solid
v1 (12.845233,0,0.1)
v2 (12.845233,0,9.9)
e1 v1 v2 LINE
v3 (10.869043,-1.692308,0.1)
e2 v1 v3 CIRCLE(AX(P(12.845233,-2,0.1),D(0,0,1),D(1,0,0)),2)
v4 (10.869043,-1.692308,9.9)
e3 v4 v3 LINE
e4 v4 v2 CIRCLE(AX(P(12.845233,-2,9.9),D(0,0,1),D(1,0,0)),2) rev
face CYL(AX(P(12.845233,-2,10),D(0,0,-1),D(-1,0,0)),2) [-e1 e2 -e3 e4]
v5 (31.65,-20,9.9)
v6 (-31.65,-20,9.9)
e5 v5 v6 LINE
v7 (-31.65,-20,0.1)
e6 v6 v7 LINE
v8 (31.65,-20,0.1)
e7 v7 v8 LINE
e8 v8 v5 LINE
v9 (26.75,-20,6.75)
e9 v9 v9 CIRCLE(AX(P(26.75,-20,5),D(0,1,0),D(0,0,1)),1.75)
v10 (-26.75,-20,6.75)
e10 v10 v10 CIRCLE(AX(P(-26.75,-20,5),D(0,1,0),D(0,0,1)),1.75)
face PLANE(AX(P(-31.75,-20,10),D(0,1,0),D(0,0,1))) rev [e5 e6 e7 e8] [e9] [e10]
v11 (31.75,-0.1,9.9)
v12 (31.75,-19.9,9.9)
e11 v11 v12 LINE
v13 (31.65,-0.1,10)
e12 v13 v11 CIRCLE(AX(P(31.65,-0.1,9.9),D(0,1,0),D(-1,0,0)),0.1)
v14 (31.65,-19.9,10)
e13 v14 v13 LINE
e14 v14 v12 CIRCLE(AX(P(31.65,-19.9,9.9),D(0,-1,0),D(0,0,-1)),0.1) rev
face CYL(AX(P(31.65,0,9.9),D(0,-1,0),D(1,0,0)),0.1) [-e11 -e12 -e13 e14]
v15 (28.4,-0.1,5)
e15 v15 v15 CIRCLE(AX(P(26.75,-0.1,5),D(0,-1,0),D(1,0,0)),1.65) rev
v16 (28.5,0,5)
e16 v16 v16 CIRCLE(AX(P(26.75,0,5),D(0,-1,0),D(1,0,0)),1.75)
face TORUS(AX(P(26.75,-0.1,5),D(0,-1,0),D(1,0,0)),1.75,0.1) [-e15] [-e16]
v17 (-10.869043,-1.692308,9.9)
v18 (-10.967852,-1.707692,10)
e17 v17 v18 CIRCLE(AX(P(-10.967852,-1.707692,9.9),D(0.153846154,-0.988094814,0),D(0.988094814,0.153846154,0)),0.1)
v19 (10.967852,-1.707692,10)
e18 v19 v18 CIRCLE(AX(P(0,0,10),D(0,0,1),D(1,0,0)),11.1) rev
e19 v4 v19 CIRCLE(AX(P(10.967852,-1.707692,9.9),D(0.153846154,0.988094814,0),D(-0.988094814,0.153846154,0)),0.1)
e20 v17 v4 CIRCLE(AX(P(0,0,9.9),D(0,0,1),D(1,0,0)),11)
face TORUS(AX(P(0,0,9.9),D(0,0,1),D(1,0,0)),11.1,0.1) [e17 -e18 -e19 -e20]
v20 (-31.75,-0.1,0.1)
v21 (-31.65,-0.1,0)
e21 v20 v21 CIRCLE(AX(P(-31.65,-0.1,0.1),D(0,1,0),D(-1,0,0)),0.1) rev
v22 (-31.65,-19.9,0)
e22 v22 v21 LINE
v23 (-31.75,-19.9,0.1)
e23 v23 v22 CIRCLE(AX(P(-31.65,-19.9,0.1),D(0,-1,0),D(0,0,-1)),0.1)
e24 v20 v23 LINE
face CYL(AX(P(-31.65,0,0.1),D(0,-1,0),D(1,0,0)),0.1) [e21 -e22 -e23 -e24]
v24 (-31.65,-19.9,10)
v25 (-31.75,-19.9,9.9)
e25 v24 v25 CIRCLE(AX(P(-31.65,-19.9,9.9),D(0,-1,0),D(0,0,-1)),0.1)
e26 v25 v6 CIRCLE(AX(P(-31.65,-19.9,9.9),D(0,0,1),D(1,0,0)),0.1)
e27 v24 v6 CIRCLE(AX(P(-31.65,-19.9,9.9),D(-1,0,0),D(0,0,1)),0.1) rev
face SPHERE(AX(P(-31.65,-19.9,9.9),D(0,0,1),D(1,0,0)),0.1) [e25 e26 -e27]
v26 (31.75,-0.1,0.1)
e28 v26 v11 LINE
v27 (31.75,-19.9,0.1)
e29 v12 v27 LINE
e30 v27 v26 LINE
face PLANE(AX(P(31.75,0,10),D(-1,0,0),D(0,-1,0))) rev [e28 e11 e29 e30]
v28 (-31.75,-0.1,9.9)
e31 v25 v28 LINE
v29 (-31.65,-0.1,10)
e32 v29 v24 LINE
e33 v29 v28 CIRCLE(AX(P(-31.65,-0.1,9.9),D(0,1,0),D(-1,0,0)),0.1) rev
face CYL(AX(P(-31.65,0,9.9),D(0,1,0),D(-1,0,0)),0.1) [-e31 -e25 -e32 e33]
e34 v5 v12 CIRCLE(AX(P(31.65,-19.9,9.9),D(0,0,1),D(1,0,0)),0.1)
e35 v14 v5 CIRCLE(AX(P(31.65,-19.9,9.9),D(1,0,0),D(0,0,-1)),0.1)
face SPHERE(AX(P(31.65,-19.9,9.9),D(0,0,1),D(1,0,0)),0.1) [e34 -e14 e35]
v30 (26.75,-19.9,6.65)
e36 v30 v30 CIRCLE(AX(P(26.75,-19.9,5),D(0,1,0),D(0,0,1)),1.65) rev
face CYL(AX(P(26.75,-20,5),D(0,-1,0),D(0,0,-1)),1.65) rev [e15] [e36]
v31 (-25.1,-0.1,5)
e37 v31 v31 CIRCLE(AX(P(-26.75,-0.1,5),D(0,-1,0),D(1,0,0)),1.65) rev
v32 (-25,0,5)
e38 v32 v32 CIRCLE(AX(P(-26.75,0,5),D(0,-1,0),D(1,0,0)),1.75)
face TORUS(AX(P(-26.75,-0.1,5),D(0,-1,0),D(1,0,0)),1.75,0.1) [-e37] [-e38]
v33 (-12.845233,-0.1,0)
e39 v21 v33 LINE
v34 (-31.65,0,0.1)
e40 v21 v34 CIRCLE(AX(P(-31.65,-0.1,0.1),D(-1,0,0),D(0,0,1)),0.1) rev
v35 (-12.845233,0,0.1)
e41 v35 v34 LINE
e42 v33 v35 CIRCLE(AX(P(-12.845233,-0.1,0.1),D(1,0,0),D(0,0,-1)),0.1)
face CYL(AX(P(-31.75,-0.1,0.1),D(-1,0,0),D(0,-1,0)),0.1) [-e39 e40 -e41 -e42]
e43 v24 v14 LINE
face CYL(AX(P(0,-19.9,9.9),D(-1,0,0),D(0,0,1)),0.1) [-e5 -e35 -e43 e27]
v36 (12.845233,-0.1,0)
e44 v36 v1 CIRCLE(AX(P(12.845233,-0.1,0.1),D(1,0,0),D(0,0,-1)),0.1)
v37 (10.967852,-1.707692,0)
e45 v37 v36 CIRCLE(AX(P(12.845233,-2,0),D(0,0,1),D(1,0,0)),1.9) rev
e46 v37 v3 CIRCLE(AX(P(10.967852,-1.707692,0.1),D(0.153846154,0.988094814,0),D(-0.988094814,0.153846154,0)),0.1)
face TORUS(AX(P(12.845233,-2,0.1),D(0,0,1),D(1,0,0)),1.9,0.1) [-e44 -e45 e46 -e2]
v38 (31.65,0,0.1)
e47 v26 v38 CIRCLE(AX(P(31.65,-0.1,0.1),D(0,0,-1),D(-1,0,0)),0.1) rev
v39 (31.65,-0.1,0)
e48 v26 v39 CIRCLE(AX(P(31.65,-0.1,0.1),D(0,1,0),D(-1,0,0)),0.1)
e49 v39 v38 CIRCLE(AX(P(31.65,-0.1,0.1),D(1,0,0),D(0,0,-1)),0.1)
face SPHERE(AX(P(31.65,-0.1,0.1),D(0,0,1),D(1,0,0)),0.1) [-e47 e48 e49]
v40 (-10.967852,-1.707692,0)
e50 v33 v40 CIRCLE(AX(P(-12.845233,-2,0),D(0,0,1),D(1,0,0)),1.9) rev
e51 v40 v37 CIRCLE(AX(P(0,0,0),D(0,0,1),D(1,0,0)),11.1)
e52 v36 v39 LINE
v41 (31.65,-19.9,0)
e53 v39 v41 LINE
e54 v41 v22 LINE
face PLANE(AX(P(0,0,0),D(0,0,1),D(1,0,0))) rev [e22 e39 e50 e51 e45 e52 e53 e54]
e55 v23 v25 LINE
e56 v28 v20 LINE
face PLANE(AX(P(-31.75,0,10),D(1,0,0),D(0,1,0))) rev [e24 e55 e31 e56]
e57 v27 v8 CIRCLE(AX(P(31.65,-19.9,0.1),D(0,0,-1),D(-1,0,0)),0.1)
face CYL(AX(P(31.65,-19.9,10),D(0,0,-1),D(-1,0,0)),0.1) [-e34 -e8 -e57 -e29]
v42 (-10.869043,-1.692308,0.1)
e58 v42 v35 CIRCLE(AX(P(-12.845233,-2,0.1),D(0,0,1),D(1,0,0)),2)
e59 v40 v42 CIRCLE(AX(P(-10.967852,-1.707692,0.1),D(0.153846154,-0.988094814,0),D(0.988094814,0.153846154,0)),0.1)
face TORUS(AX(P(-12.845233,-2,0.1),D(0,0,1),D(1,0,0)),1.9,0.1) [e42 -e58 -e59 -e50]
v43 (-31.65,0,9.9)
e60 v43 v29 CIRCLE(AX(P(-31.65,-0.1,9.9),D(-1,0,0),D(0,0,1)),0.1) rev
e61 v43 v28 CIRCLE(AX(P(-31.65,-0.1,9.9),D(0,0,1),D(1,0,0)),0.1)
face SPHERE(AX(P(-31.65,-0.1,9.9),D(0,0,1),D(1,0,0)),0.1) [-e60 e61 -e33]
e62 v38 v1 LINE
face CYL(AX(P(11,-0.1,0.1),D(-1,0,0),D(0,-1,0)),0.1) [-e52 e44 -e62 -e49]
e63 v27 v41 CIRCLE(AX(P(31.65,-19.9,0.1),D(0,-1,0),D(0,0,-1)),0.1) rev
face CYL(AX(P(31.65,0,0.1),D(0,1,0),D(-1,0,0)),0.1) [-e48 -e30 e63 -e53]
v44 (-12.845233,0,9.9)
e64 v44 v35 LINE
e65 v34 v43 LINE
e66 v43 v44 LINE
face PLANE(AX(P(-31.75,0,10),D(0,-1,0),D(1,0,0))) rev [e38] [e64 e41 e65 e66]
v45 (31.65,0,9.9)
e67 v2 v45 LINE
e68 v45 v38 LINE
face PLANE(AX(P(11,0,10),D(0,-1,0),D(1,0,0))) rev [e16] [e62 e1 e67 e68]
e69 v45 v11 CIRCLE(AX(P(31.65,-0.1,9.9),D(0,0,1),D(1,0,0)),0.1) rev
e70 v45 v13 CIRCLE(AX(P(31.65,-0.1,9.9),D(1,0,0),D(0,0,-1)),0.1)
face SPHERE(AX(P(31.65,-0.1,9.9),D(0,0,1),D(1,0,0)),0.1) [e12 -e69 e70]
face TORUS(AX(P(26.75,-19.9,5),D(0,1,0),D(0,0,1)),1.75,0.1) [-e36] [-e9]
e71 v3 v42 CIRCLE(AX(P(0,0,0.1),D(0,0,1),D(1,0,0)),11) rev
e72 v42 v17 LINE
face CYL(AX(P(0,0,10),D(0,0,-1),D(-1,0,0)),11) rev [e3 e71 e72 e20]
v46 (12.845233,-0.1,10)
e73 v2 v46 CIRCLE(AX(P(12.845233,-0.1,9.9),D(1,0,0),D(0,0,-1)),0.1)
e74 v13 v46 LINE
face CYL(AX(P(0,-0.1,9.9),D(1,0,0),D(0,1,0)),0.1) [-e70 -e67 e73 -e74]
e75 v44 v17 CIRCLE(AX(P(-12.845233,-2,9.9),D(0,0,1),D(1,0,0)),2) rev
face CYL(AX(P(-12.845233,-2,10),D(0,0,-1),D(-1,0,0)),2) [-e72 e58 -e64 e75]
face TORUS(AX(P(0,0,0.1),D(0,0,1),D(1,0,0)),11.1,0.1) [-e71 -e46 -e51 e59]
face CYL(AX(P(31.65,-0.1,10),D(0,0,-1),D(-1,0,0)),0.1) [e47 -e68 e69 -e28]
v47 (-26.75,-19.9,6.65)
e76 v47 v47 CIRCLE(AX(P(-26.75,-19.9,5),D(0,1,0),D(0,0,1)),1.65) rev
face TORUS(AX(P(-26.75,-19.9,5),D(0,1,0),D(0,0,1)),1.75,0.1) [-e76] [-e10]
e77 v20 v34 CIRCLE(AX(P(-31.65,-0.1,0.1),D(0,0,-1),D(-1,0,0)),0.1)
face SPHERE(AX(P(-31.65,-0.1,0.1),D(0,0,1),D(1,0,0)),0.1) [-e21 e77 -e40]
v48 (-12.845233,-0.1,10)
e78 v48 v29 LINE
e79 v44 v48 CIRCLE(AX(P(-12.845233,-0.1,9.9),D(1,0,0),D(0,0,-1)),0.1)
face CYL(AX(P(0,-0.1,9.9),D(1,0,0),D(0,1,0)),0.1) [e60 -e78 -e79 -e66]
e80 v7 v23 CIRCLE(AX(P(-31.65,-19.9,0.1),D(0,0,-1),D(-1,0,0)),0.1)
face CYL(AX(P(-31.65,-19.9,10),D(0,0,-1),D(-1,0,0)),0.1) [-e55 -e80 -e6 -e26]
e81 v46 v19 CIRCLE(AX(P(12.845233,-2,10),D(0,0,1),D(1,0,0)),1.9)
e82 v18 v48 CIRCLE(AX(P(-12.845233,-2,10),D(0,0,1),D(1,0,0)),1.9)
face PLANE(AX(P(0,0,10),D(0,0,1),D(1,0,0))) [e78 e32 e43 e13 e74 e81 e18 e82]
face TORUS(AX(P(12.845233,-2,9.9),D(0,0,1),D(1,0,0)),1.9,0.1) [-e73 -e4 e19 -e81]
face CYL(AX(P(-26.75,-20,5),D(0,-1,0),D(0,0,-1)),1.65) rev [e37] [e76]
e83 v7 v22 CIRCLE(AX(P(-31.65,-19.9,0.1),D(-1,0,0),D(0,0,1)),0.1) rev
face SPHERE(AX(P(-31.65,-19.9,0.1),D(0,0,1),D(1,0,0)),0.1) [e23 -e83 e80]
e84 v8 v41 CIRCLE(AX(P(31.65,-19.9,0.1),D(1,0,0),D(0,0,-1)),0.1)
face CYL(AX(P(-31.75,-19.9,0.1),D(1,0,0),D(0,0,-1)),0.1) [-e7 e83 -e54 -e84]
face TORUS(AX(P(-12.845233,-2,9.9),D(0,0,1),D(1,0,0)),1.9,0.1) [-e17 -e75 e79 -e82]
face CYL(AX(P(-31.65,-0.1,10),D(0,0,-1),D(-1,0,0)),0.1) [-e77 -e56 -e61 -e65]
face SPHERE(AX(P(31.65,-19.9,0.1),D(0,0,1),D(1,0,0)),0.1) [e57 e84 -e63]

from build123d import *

# Parameters (mm, degrees)
EXTRUDE_1_DEPTH = 10
M4X0_71_D       = 3.3
FILLET_2_R      = 2
FILLET_1_R      = 0.1


with BuildPart() as part:
    # Эскиз1 → Бобышка-Вытянуть1 (new body)
    with BuildSketch(Plane.XY):
        with BuildLine():
            Line((11, 0), (31.75, 0))
            Line((31.75, 0), (31.75, -20))
            Line((31.75, -20), (-31.75, -20))
            Line((-31.75, -20), (-31.75, 0))
            Line((-31.75, 0), (-11, 0))
            ThreePointArc((-11, 0), (0, -11), (11, 0))
        make_face()
    extrude(amount=EXTRUDE_1_DEPTH)

    # Отверстие обработанное метчиком M4x0.71 (through all)
    with Locations(Plane(origin=(0, -20, 0), x_dir=(-1, 0, 0), z_dir=(0, -1, 0))):
        with Locations((26.75, -5), (-26.75, -5)):
            Hole(M4X0_71_D / 2)

    # Скругление2
    fillet_2_edges = [part.edges().sort_by_distance(p)[0] for p in [
        (11, 0, 5),
        (-11, 0, 5),
    ]]
    fillet(fillet_2_edges, radius=FILLET_2_R)

    # Скругление1
    fillet_1_edges = [part.edges().sort_by_distance(p)[0] for p in [
        (-31.75, -10, 10),
        (31.75, 0, 5),
        (31.75, -20, 5),
        (-31.75, -20, 5),
        (-31.75, 0, 5),
        (0, -20, 10),
        (31.75, -10, 10),
        (22.297616289, 0, 10),
        (25.1, -20, 5),
        (25.1, 0, 5),
        (-28.4, -20, 5),
        (-28.4, 0, 5),
        (0, -11, 0),
        (0, -11, 10),
        (-22.297616289, 0, 0),
        (-11.544345307, -0.480890949, 0),
        (11.544345307, -0.480890949, 0),
        (-22.297616289, 0, 10),
        (-11.544345307, -0.480890949, 10),
        (11.544345307, -0.480890949, 10),
        (22.297616289, 0, 0),
        (31.75, -10, 0),
        (0, -20, 0),
        (-31.75, -10, 0),
    ]]
    fillet(fillet_1_edges, radius=FILLET_1_R)


solid = part.part
